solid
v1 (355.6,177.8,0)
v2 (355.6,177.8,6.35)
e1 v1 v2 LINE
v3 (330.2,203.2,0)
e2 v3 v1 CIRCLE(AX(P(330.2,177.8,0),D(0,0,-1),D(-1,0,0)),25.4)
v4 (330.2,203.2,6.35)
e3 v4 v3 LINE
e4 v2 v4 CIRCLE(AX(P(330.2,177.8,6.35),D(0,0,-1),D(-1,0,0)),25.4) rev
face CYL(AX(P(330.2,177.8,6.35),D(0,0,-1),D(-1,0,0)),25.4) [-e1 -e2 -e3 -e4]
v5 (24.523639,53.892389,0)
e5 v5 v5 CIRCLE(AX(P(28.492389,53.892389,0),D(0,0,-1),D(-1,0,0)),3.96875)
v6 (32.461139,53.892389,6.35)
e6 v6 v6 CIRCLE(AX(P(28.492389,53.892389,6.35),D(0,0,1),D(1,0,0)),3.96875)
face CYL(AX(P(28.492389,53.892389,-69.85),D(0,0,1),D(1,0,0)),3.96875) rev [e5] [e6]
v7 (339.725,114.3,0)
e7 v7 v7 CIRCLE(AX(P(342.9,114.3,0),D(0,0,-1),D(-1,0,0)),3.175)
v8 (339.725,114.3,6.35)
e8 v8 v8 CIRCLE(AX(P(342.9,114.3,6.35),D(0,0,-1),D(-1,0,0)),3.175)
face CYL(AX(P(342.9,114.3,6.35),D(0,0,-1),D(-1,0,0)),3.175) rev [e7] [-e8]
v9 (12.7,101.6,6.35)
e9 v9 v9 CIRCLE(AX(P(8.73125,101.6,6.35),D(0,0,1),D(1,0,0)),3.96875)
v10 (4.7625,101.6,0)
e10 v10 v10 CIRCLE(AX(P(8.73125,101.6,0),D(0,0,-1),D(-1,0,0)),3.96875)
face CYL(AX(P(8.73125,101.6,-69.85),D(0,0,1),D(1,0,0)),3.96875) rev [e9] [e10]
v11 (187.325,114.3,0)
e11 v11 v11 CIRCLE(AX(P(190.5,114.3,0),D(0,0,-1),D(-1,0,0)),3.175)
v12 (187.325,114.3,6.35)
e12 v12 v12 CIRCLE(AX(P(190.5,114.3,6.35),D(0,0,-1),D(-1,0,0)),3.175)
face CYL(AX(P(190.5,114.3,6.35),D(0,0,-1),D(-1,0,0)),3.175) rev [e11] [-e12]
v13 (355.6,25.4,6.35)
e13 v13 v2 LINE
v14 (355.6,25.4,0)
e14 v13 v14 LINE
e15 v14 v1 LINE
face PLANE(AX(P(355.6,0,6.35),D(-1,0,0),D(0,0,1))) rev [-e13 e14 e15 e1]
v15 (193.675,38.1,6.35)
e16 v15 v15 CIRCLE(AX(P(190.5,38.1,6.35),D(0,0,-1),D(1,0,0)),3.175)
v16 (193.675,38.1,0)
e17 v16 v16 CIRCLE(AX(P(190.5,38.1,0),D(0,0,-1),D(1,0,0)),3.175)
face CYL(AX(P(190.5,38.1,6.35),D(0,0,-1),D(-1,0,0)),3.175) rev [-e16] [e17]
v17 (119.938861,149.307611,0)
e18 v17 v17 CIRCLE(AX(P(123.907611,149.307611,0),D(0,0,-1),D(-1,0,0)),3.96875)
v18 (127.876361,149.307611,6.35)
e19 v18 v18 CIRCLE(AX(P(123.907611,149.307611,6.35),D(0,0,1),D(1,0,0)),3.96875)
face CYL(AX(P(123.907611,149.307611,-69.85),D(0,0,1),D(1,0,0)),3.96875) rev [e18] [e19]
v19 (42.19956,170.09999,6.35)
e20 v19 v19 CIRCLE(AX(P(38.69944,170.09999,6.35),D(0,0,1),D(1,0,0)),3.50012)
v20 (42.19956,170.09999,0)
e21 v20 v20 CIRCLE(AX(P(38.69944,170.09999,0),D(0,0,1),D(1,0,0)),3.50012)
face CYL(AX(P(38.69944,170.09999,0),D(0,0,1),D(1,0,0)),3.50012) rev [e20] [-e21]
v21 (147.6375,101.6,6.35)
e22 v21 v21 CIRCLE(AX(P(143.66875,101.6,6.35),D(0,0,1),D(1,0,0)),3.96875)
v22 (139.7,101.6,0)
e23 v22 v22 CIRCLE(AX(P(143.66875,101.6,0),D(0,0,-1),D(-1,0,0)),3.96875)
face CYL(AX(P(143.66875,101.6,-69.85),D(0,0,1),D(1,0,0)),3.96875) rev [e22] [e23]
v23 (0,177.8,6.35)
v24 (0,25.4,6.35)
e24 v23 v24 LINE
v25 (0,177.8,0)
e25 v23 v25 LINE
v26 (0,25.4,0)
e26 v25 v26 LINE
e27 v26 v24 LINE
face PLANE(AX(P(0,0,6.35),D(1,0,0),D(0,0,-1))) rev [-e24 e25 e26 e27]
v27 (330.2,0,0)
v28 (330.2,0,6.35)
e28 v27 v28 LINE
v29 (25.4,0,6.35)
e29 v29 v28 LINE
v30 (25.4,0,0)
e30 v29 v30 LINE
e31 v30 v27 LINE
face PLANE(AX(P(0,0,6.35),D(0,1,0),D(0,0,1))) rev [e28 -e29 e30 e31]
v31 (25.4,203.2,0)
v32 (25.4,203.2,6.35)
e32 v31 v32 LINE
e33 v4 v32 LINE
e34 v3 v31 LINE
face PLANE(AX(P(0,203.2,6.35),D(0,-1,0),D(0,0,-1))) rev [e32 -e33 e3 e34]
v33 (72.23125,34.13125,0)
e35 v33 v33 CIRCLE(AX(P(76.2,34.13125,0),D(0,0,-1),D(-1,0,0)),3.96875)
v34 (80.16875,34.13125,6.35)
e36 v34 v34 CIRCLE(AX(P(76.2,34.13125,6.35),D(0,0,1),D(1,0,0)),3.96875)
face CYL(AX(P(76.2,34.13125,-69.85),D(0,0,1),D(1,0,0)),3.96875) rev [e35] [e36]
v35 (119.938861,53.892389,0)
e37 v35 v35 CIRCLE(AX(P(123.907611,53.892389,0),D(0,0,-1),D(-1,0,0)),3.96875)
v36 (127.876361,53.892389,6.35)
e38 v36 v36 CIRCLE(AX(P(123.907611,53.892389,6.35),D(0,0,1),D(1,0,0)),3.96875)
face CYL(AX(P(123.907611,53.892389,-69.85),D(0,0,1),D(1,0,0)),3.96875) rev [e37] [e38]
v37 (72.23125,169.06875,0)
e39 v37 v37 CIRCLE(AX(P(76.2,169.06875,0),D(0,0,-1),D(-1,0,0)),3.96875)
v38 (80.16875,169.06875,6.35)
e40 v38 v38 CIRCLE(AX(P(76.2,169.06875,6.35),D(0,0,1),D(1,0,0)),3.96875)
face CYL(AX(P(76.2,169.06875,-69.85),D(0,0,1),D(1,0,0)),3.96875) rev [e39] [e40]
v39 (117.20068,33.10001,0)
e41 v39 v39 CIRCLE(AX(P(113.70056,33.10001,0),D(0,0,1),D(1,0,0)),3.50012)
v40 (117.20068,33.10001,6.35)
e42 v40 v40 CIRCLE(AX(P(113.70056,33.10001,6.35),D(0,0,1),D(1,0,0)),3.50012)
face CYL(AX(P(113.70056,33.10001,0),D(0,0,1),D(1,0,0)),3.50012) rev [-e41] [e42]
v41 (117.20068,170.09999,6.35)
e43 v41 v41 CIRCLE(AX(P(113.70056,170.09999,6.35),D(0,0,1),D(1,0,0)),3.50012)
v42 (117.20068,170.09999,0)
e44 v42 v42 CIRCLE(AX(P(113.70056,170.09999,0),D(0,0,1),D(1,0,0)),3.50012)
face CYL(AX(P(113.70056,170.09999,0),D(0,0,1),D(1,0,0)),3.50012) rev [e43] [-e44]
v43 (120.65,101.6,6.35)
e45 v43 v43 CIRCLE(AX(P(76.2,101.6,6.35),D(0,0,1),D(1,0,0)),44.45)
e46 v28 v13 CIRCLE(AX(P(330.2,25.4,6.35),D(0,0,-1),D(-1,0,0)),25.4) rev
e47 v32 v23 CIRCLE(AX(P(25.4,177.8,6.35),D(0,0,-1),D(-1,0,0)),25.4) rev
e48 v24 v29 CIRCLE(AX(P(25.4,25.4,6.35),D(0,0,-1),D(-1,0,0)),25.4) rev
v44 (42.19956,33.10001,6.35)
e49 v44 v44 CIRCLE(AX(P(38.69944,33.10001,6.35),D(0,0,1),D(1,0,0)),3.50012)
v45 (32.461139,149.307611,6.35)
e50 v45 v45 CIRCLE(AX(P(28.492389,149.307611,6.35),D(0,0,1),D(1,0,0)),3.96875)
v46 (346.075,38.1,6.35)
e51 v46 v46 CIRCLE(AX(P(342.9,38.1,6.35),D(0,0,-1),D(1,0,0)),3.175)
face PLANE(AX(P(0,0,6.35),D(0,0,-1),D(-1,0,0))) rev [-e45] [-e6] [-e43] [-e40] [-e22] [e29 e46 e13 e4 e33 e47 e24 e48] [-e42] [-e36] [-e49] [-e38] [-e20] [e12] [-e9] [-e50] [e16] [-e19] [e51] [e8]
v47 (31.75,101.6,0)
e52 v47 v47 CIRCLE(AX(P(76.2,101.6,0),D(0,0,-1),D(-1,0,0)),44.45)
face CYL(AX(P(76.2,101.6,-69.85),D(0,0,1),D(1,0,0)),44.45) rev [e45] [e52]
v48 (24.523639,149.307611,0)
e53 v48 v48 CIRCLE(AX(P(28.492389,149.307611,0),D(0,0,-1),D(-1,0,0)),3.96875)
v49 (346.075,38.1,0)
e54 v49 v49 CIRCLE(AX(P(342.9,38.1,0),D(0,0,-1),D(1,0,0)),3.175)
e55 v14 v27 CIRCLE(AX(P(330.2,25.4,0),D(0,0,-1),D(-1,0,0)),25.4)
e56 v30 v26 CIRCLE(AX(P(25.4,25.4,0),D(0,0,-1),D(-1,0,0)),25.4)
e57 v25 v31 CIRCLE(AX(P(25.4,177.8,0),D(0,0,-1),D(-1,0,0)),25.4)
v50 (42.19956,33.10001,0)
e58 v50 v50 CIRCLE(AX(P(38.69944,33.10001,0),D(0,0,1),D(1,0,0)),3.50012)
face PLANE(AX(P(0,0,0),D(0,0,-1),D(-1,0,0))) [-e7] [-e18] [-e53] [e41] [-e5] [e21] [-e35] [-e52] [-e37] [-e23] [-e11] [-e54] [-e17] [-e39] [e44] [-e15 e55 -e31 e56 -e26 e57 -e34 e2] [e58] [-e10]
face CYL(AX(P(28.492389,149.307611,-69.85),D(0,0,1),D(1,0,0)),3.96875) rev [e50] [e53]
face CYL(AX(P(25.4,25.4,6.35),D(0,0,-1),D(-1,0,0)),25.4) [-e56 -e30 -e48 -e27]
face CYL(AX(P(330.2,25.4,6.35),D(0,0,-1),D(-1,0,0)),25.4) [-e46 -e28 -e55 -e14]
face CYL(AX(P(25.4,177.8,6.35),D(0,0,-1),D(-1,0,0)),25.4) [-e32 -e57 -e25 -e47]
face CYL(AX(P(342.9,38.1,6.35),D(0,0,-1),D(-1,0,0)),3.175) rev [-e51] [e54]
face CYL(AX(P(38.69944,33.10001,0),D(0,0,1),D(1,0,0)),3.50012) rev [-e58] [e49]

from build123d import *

# Parameters (mm, degrees)
SKETCH1_W           = 355.6
SKETCH1_H           = 203.2
BOSS_EXTRUDE1_DEPTH = 6.35
SKETCH2_R           = 44.45
SKETCH2_R_2         = 3.96875
CUT_EXTRUDE1_DEPTH  = 76.2
SKETCH3_R           = 3.50012
CUT_EXTRUDE2_DEPTH  = 6.35
FILLET1_R           = 25.4
SKETCH5_R           = 3.175
CUT_EXTRUDE4_DEPTH  = 6.35


with BuildPart() as part:
    # Sketch1 → Boss-Extrude1 (new body)
    with BuildSketch(Plane.XY):
        with Locations((177.8, 101.6)):
            Rectangle(SKETCH1_W, SKETCH1_H)
    extrude(amount=BOSS_EXTRUDE1_DEPTH)

    # Sketch2 → Cut-Extrude1 (cut)
    with BuildSketch(Plane.XY.offset(6.35)):
        with Locations((76.2, 101.6)):
            Circle(SKETCH2_R)
        with Locations((143.66875, 101.6)):
            Circle(SKETCH2_R_2)
        with Locations((123.907610643, 53.892389357)):
            Circle(SKETCH2_R_2)
        with Locations((76.2, 34.13125)):
            Circle(SKETCH2_R_2)
        with Locations((28.492389357, 53.892389357)):
            Circle(SKETCH2_R_2)
        with Locations((8.73125, 101.6)):
            Circle(SKETCH2_R_2)
        with Locations((28.492389357, 149.307610643)):
            Circle(SKETCH2_R_2)
        with Locations((76.2, 169.06875)):
            Circle(SKETCH2_R_2)
        with Locations((123.907610643, 149.307610643)):
            Circle(SKETCH2_R_2)
    extrude(amount=-CUT_EXTRUDE1_DEPTH, mode=Mode.SUBTRACT)

    # Sketch3 → Cut-Extrude2 (cut)
    with BuildSketch(Plane.XY.offset(6.35)):
        with Locations((38.69944, 170.09999)):
            Circle(SKETCH3_R)
        with Locations((113.70056, 170.09999)):
            Circle(SKETCH3_R)
        with Locations((113.70056, 33.10001)):
            Circle(SKETCH3_R)
        with Locations((38.69944, 33.10001)):
            Circle(SKETCH3_R)
    extrude(amount=-CUT_EXTRUDE2_DEPTH, mode=Mode.SUBTRACT)

    # Fillet1
    fillet1_edges = [part.edges().sort_by_distance(p)[0] for p in [
        (0, 203.2, 3.175),
        (355.6, 203.2, 3.175),
        (355.6, 0, 3.175),
        (0, 0, 3.175),
    ]]
    fillet(fillet1_edges, radius=FILLET1_R)

    # Sketch5 → Cut-Extrude4 (cut)
    with BuildSketch(Plane(origin=(0, 0, 0), x_dir=(-1, 0, 0), z_dir=(0, 0, -1))):
        with Locations((-342.9, 114.3)):
            Circle(SKETCH5_R)
        with Locations((-190.5, 114.3)):
            Circle(SKETCH5_R)
        with Locations((-190.5, 38.1)):
            Circle(SKETCH5_R)
        with Locations((-342.9, 38.1)):
            Circle(SKETCH5_R)
    extrude(amount=-CUT_EXTRUDE4_DEPTH, mode=Mode.SUBTRACT)


solid = part.part
